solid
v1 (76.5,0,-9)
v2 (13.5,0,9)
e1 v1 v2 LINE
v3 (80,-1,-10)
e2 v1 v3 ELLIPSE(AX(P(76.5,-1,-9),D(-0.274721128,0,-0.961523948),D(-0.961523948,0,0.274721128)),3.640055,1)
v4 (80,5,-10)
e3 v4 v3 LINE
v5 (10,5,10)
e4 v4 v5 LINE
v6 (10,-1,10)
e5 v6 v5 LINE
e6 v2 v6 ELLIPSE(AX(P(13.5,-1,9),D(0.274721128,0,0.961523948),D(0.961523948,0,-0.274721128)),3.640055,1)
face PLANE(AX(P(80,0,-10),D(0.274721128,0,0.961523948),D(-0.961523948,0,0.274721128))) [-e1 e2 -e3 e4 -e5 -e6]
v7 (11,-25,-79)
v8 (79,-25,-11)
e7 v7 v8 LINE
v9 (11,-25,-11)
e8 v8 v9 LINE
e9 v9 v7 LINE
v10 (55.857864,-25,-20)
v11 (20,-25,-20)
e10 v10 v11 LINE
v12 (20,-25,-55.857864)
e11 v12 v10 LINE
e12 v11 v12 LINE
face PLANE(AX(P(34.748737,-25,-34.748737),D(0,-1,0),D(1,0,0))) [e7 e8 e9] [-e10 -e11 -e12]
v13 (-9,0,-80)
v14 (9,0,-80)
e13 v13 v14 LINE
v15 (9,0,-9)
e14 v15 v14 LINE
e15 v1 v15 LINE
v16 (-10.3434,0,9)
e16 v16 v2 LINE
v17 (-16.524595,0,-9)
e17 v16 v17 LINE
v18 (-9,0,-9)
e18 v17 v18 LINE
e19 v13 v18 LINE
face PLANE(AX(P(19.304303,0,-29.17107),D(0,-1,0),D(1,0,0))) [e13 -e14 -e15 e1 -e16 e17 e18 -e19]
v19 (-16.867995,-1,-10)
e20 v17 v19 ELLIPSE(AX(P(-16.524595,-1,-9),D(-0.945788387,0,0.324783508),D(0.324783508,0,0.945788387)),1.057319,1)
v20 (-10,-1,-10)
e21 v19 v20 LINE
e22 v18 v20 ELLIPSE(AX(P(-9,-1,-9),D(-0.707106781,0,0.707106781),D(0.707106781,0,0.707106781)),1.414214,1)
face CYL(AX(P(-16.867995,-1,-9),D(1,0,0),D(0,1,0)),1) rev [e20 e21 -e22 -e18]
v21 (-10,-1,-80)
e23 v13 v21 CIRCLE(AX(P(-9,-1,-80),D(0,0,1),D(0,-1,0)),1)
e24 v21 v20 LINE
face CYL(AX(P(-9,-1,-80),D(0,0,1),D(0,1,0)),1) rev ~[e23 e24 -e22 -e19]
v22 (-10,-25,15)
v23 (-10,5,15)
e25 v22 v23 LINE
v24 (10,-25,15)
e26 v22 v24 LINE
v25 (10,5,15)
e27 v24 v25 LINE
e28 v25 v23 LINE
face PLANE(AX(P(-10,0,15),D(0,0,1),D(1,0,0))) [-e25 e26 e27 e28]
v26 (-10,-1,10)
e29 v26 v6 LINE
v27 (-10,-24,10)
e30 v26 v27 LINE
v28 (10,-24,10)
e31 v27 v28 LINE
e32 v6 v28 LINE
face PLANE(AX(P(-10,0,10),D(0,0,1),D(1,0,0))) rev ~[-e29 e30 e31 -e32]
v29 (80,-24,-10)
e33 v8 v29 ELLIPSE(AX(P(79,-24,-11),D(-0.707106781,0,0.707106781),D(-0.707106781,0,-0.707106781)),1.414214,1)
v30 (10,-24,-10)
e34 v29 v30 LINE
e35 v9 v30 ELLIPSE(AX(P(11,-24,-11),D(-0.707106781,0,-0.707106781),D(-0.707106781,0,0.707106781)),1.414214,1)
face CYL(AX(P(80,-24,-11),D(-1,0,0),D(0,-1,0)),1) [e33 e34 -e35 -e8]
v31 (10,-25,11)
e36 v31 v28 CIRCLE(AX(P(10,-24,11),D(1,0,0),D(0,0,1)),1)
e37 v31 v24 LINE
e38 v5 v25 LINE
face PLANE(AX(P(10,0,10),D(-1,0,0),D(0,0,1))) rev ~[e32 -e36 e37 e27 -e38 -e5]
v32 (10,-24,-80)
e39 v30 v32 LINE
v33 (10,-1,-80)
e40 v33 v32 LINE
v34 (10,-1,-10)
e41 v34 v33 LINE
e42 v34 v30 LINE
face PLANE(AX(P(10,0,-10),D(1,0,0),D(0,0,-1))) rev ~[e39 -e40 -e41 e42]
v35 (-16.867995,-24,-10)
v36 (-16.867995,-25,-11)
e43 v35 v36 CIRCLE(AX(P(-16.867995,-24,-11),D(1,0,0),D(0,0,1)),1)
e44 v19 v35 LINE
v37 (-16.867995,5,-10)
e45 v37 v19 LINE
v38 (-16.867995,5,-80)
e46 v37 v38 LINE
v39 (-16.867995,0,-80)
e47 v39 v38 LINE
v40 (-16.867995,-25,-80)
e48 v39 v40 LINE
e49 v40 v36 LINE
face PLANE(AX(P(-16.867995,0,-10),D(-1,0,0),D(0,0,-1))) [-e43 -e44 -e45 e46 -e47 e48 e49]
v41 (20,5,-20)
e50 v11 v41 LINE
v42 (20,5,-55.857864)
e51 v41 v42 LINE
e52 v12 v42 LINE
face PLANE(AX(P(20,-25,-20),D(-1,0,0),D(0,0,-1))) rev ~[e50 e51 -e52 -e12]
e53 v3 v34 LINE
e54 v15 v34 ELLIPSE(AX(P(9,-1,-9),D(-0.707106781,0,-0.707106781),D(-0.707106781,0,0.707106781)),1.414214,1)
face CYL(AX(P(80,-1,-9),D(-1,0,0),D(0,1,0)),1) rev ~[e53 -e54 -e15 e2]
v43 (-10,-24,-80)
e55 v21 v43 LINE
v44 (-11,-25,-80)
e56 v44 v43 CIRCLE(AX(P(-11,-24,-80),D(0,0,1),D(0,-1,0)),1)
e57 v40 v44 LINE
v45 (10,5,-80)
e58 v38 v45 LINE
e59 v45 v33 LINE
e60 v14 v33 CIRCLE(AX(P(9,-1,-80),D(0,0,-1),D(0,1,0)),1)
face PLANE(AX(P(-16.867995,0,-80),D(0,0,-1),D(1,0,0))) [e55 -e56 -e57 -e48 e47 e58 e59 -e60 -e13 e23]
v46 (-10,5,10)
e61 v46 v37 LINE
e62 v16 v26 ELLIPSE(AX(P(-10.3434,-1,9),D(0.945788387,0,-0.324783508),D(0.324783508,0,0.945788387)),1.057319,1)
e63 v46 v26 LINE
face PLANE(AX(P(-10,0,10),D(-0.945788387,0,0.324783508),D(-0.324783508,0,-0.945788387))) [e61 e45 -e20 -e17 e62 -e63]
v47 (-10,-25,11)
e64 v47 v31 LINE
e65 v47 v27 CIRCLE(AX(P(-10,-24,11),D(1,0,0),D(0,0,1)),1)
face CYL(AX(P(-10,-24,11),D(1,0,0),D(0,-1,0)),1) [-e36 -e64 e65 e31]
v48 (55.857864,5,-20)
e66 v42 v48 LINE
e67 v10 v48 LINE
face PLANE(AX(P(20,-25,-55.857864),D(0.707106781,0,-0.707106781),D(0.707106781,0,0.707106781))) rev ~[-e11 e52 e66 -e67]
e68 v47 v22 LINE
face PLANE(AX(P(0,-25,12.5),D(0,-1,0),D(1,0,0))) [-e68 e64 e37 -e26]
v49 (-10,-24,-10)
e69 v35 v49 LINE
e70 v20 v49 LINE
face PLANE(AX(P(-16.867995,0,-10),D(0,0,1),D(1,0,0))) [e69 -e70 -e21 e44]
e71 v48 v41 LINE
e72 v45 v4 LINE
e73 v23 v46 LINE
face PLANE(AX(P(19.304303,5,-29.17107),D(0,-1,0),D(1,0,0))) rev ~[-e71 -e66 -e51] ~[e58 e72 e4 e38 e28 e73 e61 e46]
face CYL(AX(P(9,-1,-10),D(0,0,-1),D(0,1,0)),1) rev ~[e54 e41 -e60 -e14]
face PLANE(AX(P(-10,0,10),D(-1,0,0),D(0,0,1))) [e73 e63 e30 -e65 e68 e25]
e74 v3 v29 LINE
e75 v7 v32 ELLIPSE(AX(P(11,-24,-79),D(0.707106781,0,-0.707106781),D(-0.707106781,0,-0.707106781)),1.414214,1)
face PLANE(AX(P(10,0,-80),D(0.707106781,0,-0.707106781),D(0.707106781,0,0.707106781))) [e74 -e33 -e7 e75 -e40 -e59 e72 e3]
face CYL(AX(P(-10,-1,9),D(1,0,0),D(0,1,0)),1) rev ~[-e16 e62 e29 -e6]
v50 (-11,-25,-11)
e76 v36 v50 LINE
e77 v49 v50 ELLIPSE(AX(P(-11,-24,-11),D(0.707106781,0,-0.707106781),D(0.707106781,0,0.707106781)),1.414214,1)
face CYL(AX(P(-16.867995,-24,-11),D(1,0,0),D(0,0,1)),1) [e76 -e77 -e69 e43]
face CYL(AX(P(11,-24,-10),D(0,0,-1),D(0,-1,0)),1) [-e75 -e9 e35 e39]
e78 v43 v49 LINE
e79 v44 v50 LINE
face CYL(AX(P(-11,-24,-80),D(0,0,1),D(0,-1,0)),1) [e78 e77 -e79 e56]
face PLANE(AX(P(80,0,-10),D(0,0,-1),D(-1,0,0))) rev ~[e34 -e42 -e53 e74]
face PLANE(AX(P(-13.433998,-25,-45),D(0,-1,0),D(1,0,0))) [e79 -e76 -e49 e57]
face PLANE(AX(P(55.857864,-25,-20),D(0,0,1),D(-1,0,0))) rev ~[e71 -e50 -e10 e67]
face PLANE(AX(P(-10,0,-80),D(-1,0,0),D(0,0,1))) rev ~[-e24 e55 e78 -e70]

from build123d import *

# Parameters (mm, degrees)
F1_DEPTH = 5
F2_W     = 20
F2_H     = 5
F2_W_2   = 6.8679952621
F2_H_2   = 70
F3_DEPTH = 25
F4_R     = 1
F6_DEPTH = 30.001


with BuildPart() as f1:
    # F0 (on Front) → F1 (new body)
    with BuildSketch(Plane.XZ):
        Polygon((10, 15), (0, 15), (-10, 15), (-10, 10), (-16.8679952621, -10), (-16.8679952621, -80), (0, -80), (10, -80), (80, -10), (10, 10), align=None)
    extrude(amount=-F1_DEPTH)

    # F2 (on face) → F3 (join)
    with BuildSketch(Plane.XZ):
        with Locations((0, 12.5)):
            Rectangle(F2_W, F2_H)
        Polygon((10, -80), (80, -10), (10, -10), align=None)
        with Locations((-13.4339976311, -45)):
            Rectangle(F2_W_2, F2_H_2)
    extrude(amount=F3_DEPTH)

    # F4
    f4_edges = [f1.edges().sort_by_distance(p)[0] for p in [
        (0, 0, 10),
        (-13.433998, 0, -10),
        (45, 0, -10),
        (10, 0, -45),
        (-10, 0, -45),
        (0, -25, 10),
        (45, -25, -10),
        (10, -25, -45),
        (-13.433998, -25, -10),
        (-10, -25, -45),
    ]]
    fillet(f4_edges, radius=F4_R)

    # F5 (on face) → F6 (cut, through all)
    with BuildSketch(Plane.XZ.offset(25)):
        Polygon((55.8578643763, -20), (20, -20), (20, -55.8578643763), align=None)
    extrude(amount=-F6_DEPTH, mode=Mode.SUBTRACT)


solid = f1.part
